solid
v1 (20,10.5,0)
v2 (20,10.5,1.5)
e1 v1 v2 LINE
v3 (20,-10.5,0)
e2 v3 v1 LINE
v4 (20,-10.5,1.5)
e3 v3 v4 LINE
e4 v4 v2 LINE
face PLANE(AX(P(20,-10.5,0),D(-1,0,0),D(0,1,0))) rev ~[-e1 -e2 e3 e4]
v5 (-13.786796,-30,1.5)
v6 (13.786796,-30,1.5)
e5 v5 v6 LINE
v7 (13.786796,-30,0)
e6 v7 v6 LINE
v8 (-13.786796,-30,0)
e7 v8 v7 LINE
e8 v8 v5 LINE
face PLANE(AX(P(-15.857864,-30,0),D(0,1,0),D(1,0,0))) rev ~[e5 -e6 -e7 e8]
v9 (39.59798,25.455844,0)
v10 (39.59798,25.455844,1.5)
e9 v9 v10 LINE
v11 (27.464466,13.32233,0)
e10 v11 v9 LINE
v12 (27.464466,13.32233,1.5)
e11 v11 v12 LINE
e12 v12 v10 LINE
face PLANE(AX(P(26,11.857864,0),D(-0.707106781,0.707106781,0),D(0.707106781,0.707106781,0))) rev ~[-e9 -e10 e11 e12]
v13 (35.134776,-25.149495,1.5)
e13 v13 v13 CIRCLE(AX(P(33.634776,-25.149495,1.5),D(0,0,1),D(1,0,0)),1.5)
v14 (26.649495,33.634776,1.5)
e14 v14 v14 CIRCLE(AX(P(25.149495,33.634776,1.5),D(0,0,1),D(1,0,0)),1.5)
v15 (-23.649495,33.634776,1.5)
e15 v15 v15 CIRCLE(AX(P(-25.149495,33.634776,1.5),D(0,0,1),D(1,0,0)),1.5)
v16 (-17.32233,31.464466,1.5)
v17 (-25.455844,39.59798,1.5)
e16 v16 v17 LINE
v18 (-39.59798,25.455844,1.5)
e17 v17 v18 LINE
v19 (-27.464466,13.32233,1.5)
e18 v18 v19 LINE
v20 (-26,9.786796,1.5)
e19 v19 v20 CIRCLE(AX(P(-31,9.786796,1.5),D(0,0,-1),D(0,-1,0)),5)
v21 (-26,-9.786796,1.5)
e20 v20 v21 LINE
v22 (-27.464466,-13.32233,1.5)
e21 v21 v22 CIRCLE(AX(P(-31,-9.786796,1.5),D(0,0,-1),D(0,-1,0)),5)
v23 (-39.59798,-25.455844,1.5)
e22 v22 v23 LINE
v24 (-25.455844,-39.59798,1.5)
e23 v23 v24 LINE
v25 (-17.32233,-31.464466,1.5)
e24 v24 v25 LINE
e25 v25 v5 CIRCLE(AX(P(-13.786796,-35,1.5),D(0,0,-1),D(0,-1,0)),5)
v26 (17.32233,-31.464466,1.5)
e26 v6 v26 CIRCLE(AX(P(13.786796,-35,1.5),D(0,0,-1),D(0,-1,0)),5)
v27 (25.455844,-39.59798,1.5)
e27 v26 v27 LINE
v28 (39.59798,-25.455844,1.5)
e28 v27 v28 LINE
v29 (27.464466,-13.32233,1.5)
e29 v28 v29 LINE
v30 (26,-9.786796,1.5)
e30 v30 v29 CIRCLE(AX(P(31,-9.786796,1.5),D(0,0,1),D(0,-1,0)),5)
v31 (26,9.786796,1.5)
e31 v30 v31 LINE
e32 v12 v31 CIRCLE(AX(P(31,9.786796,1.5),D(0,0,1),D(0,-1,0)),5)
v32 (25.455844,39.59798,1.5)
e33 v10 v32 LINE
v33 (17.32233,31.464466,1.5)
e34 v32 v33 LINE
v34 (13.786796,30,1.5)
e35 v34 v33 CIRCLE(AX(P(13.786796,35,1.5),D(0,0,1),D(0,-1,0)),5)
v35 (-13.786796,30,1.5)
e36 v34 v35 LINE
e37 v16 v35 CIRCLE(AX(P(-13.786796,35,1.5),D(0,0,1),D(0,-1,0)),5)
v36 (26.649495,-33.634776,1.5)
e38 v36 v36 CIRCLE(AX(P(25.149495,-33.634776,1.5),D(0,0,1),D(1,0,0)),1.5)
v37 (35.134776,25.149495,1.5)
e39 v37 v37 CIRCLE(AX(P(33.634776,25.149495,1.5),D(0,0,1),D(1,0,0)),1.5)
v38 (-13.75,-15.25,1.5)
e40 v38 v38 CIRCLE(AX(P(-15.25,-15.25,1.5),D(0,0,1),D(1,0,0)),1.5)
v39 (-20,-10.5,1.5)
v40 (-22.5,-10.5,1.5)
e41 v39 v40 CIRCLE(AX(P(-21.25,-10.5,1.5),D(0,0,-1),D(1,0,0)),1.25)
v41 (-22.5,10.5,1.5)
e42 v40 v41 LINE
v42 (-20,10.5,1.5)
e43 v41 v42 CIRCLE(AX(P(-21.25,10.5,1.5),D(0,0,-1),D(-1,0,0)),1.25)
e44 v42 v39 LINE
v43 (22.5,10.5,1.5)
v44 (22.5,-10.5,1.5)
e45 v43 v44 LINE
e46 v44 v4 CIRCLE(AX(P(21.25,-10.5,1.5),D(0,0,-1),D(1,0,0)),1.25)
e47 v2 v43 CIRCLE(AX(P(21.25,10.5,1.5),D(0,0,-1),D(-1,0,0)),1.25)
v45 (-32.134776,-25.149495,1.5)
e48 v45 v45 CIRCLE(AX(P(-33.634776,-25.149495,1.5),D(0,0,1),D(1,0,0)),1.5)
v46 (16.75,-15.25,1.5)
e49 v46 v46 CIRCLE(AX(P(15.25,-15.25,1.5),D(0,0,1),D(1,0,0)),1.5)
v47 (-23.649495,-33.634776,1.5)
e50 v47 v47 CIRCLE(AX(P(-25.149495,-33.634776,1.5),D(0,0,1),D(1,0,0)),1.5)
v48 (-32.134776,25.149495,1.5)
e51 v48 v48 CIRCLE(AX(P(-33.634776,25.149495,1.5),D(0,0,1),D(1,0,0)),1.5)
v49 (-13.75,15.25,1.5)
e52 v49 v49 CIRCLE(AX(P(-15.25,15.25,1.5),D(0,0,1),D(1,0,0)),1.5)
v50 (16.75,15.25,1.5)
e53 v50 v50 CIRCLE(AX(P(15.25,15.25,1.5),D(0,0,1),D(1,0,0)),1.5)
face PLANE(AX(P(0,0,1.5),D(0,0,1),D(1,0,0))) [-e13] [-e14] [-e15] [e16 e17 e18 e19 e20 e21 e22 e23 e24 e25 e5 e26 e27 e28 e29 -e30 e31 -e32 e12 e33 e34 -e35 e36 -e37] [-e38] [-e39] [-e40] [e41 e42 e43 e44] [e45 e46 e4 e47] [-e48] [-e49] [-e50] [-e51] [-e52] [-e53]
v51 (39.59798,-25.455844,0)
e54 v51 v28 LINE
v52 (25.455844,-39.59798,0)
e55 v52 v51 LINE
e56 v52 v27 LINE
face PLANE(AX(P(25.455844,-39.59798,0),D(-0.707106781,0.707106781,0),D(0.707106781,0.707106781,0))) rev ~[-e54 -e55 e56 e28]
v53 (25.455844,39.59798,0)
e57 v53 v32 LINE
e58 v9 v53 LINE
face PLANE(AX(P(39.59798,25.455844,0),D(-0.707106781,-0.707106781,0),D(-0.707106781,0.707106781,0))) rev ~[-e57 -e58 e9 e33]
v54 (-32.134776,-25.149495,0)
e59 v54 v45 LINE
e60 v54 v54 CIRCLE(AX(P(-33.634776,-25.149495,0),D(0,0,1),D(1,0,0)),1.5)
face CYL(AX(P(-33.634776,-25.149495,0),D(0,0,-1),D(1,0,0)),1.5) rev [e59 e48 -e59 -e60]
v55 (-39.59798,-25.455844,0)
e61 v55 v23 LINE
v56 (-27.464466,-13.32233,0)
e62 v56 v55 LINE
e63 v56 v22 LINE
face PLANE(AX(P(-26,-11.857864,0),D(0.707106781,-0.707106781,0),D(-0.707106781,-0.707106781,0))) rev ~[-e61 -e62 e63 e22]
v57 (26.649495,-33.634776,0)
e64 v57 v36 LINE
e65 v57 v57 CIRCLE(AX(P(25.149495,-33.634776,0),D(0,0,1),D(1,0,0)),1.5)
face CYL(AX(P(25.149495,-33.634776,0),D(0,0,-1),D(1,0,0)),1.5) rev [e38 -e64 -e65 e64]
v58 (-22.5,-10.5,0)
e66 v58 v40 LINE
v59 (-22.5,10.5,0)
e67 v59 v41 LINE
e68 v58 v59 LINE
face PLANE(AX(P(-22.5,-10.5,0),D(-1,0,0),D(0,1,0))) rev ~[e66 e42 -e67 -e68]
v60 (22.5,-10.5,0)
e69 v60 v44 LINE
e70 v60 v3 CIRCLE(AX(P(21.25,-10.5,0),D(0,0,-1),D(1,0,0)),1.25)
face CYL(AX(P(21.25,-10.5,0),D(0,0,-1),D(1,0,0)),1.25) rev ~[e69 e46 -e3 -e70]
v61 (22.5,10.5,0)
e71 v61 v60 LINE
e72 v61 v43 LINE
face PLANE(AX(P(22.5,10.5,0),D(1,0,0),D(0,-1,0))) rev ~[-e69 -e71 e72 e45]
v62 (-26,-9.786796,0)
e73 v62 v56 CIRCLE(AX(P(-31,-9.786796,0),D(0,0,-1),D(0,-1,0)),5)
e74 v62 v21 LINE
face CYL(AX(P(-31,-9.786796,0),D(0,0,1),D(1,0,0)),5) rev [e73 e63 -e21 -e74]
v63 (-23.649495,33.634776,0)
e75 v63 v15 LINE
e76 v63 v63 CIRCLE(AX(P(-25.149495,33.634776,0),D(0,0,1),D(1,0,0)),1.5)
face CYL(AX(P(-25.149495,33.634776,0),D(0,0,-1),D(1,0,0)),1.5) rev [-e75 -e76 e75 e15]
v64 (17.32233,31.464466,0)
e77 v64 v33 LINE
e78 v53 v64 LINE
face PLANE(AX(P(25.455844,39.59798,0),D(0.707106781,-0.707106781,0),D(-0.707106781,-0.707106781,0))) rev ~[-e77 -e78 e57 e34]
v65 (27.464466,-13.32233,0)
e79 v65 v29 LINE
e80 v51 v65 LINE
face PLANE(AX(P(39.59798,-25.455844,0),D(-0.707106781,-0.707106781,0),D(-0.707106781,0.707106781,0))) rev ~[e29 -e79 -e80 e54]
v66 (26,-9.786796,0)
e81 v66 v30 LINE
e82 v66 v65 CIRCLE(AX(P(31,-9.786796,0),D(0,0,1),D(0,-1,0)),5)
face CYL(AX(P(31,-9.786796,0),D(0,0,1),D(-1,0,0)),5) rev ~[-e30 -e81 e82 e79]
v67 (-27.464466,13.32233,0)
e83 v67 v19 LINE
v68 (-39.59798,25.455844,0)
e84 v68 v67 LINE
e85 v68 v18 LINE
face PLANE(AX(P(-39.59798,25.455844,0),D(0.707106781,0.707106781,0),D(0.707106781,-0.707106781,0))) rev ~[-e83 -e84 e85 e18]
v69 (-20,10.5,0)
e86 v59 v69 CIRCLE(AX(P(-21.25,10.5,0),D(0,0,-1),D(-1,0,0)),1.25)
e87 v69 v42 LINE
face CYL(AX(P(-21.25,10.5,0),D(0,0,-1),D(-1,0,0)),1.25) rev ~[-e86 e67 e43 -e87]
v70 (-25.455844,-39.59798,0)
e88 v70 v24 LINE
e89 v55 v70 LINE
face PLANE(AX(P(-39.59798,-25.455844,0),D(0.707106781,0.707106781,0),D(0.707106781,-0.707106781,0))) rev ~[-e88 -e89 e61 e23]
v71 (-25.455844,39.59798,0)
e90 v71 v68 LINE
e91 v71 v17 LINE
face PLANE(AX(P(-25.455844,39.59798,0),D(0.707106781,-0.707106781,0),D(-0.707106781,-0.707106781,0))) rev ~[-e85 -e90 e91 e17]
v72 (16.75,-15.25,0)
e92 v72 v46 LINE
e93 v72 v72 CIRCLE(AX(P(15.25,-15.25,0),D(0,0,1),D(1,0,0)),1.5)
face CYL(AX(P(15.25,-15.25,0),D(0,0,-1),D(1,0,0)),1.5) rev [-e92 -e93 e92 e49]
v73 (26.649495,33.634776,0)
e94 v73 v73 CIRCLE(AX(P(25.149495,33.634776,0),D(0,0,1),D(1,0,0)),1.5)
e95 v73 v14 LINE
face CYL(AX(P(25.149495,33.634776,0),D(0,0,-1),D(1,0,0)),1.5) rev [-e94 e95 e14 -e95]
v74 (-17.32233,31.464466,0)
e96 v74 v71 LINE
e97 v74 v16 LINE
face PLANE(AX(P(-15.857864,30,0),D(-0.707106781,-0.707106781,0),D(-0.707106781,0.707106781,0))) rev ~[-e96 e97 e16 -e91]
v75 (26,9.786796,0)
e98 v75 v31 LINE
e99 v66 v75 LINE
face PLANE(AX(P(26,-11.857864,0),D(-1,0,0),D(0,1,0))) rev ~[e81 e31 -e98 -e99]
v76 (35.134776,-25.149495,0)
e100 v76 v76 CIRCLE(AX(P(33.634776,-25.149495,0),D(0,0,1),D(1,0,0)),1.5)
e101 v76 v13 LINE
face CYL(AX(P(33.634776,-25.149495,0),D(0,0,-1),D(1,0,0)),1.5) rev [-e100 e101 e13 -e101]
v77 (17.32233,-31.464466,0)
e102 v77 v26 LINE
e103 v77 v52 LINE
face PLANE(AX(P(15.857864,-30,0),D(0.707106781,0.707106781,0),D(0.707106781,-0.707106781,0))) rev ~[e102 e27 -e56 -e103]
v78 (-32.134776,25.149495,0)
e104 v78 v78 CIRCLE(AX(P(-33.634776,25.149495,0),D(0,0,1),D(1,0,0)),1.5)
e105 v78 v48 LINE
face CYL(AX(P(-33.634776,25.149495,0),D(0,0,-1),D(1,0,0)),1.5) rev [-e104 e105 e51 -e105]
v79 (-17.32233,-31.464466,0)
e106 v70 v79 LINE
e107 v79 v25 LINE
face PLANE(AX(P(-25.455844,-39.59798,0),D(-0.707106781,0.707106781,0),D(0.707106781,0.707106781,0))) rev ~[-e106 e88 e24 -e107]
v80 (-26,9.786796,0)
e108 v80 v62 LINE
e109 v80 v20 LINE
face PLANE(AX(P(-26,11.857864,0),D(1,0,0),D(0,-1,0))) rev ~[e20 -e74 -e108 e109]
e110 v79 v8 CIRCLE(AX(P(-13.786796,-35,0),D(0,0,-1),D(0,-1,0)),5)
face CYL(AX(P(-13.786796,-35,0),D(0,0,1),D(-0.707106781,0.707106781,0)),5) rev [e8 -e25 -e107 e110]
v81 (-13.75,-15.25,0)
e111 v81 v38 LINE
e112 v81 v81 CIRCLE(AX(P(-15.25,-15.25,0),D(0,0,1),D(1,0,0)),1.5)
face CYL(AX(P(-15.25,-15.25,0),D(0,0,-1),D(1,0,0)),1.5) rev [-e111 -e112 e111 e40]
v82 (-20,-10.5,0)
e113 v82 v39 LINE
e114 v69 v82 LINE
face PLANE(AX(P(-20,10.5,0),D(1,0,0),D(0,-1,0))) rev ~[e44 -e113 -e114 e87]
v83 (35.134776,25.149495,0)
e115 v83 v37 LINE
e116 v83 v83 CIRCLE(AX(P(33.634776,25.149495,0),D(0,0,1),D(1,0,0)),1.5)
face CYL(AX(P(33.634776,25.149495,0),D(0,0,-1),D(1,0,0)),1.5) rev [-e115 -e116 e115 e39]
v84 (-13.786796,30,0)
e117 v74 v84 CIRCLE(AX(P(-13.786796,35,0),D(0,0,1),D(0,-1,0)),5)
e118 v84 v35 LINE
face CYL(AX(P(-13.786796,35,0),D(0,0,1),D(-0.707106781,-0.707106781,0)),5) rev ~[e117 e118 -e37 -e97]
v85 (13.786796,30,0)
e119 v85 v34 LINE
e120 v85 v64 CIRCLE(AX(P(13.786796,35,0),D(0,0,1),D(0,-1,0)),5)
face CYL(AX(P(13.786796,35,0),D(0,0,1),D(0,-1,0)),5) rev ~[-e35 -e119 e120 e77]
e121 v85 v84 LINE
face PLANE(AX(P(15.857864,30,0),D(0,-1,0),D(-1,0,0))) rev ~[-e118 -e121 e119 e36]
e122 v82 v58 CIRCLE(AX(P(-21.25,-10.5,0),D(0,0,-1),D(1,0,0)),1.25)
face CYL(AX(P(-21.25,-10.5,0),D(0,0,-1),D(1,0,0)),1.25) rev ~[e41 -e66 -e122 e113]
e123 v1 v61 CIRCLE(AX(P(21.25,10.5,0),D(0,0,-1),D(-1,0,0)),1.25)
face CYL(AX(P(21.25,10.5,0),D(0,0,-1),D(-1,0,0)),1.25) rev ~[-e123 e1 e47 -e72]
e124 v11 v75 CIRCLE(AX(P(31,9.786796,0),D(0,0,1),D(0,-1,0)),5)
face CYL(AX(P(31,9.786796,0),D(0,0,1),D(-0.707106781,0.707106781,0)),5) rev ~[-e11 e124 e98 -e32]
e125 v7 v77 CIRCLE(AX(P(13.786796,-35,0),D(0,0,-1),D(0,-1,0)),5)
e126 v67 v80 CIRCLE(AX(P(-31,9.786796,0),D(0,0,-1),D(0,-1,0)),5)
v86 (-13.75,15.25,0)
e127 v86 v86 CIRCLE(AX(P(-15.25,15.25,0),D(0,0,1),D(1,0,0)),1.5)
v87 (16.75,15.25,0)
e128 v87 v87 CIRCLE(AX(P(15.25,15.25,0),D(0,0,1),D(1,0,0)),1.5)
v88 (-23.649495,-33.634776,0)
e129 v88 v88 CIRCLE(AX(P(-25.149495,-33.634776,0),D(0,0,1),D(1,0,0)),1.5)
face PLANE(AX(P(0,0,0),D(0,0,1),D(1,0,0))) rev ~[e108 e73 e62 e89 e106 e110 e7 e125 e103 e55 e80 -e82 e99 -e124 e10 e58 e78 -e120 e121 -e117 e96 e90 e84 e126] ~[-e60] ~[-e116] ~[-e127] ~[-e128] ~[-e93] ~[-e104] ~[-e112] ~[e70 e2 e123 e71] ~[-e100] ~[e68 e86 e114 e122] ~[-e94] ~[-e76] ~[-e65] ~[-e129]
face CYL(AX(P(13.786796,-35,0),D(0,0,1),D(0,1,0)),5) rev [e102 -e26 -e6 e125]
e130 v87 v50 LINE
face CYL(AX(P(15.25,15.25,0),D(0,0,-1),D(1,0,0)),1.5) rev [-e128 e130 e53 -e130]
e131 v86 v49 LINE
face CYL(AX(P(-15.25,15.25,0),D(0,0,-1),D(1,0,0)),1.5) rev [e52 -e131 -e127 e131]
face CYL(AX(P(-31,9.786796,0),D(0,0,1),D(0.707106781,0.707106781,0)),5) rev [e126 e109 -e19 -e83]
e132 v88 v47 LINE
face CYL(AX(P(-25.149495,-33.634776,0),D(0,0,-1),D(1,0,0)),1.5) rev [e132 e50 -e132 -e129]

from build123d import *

# Parameters (mm, degrees)
F0_R     = 1.5
F1_DEPTH = 1.5
F2_R     = 5


with BuildPart() as f1:
    # F0 (on Top) → F1 (new body)
    with BuildSketch(Plane.XY):
        Polygon((-25.455844, 39.59798), (-39.59798, 25.455844), (-26, 11.857864), (-26, -11.857864), (-39.59798, -25.455844), (-25.455844, -39.59798), (-15.857864, -30), (15.857864, -30), (25.455844, -39.59798), (39.59798, -25.455844), (26, -11.857864), (26, 11.857864), (39.59798, 25.455844), (25.455844, 39.59798), (15.857864, 30), (-15.857864, 30), align=None)
        with Locations((-25.149495, -33.634776)):
            Circle(F0_R, mode=Mode.SUBTRACT)
        with Locations((-33.634776, -25.149495)):
            Circle(F0_R, mode=Mode.SUBTRACT)
        with Locations((-15.25, -15.25)):
            Circle(F0_R, mode=Mode.SUBTRACT)
        with Locations((25.149495, -33.634776)):
            Circle(F0_R, mode=Mode.SUBTRACT)
        with Locations((33.634776, -25.149495)):
            Circle(F0_R, mode=Mode.SUBTRACT)
        with Locations((15.25, -15.25)):
            Circle(F0_R, mode=Mode.SUBTRACT)
        with BuildLine():
            ThreePointArc((-22.5, 10.5), (-21.25, 11.75), (-20, 10.5))
            Line((-20, 10.5), (-20, -10.5))
            ThreePointArc((-20, -10.5), (-21.25, -11.75), (-22.5, -10.5))
            Line((-22.5, -10.5), (-22.5, 10.5))
        make_face(mode=Mode.SUBTRACT)
        with Locations((-15.25, 15.25)):
            Circle(F0_R, mode=Mode.SUBTRACT)
        with Locations((-33.634776, 25.149495)):
            Circle(F0_R, mode=Mode.SUBTRACT)
        with Locations((-25.149495, 33.634776)):
            Circle(F0_R, mode=Mode.SUBTRACT)
        with Locations((15.25, 15.25)):
            Circle(F0_R, mode=Mode.SUBTRACT)
        with BuildLine():
            Line((20, -10.5), (20, 10.5))
            ThreePointArc((20, 10.5), (21.25, 11.75), (22.5, 10.5))
            Line((22.5, 10.5), (22.5, -10.5))
            ThreePointArc((22.5, -10.5), (21.25, -11.75), (20, -10.5))
        make_face(mode=Mode.SUBTRACT)
        with Locations((33.634776, 25.149495)):
            Circle(F0_R, mode=Mode.SUBTRACT)
        with Locations((25.149495, 33.634776)):
            Circle(F0_R, mode=Mode.SUBTRACT)
    extrude(amount=F1_DEPTH)

    # F2
    f2_edges = [f1.edges().sort_by_distance(p)[0] for p in [
        (-15.857864, 30, 0.75),
        (15.857864, 30, 0.75),
        (26, 11.857864, 0.75),
        (26, -11.857864, 0.75),
        (-26, -11.857864, 0.75),
        (-26, 11.857864, 0.75),
        (-15.857864, -30, 0.75),
        (15.857864, -30, 0.75),
    ]]
    fillet(f2_edges, radius=F2_R)


solid = f1.part
